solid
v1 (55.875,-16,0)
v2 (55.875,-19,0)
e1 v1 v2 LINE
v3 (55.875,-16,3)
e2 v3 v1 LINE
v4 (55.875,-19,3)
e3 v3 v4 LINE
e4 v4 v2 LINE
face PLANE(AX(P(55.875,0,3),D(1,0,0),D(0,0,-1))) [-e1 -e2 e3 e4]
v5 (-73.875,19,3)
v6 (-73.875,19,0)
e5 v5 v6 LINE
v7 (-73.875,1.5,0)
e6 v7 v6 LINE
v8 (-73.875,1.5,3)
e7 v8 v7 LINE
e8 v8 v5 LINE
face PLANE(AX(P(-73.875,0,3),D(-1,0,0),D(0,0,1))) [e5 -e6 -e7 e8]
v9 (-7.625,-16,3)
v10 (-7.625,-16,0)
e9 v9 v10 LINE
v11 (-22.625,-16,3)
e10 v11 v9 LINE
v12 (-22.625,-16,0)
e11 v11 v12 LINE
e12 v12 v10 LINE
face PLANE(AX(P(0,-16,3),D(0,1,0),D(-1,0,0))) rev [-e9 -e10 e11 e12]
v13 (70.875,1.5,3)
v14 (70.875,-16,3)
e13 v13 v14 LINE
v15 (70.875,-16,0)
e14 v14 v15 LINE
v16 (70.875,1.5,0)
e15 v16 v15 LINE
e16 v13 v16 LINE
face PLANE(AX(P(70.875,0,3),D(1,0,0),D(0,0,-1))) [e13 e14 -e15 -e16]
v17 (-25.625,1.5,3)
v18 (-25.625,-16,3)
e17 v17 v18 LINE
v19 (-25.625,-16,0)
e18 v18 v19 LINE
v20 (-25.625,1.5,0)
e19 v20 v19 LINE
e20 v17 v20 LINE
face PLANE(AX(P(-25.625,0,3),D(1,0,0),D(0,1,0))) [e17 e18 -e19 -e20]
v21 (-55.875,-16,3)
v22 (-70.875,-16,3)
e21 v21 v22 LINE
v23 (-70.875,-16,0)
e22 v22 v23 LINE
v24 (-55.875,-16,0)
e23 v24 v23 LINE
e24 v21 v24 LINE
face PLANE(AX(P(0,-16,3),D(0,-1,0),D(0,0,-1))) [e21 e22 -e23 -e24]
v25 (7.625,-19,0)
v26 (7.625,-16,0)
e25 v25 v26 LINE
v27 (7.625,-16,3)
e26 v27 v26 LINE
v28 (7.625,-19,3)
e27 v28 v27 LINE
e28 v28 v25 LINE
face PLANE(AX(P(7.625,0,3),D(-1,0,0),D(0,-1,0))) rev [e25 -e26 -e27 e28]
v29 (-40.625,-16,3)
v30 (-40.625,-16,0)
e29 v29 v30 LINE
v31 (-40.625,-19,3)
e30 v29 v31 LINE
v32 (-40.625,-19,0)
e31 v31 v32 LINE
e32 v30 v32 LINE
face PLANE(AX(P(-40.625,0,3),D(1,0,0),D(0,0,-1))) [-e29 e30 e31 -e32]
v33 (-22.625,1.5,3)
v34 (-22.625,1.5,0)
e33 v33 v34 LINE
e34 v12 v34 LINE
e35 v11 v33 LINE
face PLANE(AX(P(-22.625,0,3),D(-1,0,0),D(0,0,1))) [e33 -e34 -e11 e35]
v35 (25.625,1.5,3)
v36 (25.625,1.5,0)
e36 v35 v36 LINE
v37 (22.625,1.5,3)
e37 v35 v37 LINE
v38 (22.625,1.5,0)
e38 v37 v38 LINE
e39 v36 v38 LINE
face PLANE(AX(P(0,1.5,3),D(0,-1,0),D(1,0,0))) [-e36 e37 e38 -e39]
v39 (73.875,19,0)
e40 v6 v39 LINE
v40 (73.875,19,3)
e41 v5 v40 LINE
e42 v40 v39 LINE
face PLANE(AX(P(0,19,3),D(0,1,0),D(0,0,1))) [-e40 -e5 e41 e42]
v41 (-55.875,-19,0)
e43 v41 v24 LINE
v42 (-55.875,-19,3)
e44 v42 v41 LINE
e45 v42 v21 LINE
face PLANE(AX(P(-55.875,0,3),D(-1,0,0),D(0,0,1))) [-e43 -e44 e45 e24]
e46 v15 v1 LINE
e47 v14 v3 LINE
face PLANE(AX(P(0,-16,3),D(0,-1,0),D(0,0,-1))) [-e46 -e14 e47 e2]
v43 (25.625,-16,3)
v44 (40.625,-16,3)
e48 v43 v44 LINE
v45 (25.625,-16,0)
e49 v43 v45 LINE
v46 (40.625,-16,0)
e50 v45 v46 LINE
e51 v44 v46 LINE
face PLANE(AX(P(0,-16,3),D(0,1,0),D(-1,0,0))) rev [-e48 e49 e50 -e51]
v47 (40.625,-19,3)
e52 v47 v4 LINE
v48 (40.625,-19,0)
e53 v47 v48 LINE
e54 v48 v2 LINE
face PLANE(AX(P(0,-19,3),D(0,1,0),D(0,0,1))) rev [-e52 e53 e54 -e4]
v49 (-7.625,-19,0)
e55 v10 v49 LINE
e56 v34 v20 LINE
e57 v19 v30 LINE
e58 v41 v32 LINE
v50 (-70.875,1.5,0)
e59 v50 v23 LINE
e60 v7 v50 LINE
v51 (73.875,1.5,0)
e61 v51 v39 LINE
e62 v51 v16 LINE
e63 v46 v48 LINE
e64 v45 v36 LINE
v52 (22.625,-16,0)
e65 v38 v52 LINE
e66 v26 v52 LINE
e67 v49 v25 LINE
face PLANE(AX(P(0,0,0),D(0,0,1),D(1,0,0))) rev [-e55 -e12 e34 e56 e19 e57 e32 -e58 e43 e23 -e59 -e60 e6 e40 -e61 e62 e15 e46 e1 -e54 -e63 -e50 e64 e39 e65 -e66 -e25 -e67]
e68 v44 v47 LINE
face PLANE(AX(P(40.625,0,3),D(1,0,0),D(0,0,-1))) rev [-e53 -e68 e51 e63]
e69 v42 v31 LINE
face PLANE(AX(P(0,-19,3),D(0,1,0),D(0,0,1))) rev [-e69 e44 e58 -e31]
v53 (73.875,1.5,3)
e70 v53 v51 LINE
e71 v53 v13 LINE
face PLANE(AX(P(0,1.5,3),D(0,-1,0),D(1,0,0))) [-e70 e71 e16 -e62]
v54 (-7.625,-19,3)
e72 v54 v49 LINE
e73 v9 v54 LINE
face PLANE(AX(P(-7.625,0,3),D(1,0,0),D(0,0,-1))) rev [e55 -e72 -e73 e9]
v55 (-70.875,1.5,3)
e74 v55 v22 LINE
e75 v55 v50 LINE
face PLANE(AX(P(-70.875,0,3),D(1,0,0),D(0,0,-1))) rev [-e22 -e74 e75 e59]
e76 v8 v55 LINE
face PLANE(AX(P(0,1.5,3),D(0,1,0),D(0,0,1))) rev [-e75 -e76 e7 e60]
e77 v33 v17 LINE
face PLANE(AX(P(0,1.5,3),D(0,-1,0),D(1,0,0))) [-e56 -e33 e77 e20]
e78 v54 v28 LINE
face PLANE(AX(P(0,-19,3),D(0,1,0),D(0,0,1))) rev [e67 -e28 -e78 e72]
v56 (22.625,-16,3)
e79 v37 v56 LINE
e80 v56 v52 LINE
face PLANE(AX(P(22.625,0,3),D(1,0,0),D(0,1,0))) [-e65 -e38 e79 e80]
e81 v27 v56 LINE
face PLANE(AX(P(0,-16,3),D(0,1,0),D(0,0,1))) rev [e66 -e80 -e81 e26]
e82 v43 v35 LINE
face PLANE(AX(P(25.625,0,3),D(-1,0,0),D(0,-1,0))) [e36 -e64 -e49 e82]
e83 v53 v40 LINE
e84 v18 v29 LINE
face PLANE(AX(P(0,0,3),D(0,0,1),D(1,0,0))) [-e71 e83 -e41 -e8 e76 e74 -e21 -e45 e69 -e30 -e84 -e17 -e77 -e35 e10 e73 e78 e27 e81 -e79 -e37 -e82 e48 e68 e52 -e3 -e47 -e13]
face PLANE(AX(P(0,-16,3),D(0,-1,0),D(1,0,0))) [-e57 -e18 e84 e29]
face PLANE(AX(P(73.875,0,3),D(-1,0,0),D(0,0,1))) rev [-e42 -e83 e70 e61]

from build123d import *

# Parameters (mm, degrees)
BOSS_EXTRUDE1_DEPTH = 3


with BuildPart() as part:
    # Sketch1 → Boss-Extrude1 (new body)
    with BuildSketch(Plane.XY):
        Polygon((70.875, 1.5), (73.875, 1.5), (73.875, 19), (-73.875, 19), (-73.875, 1.5), (-70.875, 1.5), (-70.875, -16), (-55.875, -16), (-55.875, -19), (-40.625, -19), (-40.625, -16), (-25.625, -16), (-25.625, 1.5), (-22.625, 1.5), (-22.625, -16), (-7.625, -16), (-7.625, -19), (7.625, -19), (7.625, -16), (22.625, -16), (22.625, 1.5), (25.625, 1.5), (25.625, -16), (40.625, -16), (40.625, -19), (55.875, -19), (55.875, -16), (70.875, -16), align=None)
    extrude(amount=BOSS_EXTRUDE1_DEPTH)


solid = part.part
